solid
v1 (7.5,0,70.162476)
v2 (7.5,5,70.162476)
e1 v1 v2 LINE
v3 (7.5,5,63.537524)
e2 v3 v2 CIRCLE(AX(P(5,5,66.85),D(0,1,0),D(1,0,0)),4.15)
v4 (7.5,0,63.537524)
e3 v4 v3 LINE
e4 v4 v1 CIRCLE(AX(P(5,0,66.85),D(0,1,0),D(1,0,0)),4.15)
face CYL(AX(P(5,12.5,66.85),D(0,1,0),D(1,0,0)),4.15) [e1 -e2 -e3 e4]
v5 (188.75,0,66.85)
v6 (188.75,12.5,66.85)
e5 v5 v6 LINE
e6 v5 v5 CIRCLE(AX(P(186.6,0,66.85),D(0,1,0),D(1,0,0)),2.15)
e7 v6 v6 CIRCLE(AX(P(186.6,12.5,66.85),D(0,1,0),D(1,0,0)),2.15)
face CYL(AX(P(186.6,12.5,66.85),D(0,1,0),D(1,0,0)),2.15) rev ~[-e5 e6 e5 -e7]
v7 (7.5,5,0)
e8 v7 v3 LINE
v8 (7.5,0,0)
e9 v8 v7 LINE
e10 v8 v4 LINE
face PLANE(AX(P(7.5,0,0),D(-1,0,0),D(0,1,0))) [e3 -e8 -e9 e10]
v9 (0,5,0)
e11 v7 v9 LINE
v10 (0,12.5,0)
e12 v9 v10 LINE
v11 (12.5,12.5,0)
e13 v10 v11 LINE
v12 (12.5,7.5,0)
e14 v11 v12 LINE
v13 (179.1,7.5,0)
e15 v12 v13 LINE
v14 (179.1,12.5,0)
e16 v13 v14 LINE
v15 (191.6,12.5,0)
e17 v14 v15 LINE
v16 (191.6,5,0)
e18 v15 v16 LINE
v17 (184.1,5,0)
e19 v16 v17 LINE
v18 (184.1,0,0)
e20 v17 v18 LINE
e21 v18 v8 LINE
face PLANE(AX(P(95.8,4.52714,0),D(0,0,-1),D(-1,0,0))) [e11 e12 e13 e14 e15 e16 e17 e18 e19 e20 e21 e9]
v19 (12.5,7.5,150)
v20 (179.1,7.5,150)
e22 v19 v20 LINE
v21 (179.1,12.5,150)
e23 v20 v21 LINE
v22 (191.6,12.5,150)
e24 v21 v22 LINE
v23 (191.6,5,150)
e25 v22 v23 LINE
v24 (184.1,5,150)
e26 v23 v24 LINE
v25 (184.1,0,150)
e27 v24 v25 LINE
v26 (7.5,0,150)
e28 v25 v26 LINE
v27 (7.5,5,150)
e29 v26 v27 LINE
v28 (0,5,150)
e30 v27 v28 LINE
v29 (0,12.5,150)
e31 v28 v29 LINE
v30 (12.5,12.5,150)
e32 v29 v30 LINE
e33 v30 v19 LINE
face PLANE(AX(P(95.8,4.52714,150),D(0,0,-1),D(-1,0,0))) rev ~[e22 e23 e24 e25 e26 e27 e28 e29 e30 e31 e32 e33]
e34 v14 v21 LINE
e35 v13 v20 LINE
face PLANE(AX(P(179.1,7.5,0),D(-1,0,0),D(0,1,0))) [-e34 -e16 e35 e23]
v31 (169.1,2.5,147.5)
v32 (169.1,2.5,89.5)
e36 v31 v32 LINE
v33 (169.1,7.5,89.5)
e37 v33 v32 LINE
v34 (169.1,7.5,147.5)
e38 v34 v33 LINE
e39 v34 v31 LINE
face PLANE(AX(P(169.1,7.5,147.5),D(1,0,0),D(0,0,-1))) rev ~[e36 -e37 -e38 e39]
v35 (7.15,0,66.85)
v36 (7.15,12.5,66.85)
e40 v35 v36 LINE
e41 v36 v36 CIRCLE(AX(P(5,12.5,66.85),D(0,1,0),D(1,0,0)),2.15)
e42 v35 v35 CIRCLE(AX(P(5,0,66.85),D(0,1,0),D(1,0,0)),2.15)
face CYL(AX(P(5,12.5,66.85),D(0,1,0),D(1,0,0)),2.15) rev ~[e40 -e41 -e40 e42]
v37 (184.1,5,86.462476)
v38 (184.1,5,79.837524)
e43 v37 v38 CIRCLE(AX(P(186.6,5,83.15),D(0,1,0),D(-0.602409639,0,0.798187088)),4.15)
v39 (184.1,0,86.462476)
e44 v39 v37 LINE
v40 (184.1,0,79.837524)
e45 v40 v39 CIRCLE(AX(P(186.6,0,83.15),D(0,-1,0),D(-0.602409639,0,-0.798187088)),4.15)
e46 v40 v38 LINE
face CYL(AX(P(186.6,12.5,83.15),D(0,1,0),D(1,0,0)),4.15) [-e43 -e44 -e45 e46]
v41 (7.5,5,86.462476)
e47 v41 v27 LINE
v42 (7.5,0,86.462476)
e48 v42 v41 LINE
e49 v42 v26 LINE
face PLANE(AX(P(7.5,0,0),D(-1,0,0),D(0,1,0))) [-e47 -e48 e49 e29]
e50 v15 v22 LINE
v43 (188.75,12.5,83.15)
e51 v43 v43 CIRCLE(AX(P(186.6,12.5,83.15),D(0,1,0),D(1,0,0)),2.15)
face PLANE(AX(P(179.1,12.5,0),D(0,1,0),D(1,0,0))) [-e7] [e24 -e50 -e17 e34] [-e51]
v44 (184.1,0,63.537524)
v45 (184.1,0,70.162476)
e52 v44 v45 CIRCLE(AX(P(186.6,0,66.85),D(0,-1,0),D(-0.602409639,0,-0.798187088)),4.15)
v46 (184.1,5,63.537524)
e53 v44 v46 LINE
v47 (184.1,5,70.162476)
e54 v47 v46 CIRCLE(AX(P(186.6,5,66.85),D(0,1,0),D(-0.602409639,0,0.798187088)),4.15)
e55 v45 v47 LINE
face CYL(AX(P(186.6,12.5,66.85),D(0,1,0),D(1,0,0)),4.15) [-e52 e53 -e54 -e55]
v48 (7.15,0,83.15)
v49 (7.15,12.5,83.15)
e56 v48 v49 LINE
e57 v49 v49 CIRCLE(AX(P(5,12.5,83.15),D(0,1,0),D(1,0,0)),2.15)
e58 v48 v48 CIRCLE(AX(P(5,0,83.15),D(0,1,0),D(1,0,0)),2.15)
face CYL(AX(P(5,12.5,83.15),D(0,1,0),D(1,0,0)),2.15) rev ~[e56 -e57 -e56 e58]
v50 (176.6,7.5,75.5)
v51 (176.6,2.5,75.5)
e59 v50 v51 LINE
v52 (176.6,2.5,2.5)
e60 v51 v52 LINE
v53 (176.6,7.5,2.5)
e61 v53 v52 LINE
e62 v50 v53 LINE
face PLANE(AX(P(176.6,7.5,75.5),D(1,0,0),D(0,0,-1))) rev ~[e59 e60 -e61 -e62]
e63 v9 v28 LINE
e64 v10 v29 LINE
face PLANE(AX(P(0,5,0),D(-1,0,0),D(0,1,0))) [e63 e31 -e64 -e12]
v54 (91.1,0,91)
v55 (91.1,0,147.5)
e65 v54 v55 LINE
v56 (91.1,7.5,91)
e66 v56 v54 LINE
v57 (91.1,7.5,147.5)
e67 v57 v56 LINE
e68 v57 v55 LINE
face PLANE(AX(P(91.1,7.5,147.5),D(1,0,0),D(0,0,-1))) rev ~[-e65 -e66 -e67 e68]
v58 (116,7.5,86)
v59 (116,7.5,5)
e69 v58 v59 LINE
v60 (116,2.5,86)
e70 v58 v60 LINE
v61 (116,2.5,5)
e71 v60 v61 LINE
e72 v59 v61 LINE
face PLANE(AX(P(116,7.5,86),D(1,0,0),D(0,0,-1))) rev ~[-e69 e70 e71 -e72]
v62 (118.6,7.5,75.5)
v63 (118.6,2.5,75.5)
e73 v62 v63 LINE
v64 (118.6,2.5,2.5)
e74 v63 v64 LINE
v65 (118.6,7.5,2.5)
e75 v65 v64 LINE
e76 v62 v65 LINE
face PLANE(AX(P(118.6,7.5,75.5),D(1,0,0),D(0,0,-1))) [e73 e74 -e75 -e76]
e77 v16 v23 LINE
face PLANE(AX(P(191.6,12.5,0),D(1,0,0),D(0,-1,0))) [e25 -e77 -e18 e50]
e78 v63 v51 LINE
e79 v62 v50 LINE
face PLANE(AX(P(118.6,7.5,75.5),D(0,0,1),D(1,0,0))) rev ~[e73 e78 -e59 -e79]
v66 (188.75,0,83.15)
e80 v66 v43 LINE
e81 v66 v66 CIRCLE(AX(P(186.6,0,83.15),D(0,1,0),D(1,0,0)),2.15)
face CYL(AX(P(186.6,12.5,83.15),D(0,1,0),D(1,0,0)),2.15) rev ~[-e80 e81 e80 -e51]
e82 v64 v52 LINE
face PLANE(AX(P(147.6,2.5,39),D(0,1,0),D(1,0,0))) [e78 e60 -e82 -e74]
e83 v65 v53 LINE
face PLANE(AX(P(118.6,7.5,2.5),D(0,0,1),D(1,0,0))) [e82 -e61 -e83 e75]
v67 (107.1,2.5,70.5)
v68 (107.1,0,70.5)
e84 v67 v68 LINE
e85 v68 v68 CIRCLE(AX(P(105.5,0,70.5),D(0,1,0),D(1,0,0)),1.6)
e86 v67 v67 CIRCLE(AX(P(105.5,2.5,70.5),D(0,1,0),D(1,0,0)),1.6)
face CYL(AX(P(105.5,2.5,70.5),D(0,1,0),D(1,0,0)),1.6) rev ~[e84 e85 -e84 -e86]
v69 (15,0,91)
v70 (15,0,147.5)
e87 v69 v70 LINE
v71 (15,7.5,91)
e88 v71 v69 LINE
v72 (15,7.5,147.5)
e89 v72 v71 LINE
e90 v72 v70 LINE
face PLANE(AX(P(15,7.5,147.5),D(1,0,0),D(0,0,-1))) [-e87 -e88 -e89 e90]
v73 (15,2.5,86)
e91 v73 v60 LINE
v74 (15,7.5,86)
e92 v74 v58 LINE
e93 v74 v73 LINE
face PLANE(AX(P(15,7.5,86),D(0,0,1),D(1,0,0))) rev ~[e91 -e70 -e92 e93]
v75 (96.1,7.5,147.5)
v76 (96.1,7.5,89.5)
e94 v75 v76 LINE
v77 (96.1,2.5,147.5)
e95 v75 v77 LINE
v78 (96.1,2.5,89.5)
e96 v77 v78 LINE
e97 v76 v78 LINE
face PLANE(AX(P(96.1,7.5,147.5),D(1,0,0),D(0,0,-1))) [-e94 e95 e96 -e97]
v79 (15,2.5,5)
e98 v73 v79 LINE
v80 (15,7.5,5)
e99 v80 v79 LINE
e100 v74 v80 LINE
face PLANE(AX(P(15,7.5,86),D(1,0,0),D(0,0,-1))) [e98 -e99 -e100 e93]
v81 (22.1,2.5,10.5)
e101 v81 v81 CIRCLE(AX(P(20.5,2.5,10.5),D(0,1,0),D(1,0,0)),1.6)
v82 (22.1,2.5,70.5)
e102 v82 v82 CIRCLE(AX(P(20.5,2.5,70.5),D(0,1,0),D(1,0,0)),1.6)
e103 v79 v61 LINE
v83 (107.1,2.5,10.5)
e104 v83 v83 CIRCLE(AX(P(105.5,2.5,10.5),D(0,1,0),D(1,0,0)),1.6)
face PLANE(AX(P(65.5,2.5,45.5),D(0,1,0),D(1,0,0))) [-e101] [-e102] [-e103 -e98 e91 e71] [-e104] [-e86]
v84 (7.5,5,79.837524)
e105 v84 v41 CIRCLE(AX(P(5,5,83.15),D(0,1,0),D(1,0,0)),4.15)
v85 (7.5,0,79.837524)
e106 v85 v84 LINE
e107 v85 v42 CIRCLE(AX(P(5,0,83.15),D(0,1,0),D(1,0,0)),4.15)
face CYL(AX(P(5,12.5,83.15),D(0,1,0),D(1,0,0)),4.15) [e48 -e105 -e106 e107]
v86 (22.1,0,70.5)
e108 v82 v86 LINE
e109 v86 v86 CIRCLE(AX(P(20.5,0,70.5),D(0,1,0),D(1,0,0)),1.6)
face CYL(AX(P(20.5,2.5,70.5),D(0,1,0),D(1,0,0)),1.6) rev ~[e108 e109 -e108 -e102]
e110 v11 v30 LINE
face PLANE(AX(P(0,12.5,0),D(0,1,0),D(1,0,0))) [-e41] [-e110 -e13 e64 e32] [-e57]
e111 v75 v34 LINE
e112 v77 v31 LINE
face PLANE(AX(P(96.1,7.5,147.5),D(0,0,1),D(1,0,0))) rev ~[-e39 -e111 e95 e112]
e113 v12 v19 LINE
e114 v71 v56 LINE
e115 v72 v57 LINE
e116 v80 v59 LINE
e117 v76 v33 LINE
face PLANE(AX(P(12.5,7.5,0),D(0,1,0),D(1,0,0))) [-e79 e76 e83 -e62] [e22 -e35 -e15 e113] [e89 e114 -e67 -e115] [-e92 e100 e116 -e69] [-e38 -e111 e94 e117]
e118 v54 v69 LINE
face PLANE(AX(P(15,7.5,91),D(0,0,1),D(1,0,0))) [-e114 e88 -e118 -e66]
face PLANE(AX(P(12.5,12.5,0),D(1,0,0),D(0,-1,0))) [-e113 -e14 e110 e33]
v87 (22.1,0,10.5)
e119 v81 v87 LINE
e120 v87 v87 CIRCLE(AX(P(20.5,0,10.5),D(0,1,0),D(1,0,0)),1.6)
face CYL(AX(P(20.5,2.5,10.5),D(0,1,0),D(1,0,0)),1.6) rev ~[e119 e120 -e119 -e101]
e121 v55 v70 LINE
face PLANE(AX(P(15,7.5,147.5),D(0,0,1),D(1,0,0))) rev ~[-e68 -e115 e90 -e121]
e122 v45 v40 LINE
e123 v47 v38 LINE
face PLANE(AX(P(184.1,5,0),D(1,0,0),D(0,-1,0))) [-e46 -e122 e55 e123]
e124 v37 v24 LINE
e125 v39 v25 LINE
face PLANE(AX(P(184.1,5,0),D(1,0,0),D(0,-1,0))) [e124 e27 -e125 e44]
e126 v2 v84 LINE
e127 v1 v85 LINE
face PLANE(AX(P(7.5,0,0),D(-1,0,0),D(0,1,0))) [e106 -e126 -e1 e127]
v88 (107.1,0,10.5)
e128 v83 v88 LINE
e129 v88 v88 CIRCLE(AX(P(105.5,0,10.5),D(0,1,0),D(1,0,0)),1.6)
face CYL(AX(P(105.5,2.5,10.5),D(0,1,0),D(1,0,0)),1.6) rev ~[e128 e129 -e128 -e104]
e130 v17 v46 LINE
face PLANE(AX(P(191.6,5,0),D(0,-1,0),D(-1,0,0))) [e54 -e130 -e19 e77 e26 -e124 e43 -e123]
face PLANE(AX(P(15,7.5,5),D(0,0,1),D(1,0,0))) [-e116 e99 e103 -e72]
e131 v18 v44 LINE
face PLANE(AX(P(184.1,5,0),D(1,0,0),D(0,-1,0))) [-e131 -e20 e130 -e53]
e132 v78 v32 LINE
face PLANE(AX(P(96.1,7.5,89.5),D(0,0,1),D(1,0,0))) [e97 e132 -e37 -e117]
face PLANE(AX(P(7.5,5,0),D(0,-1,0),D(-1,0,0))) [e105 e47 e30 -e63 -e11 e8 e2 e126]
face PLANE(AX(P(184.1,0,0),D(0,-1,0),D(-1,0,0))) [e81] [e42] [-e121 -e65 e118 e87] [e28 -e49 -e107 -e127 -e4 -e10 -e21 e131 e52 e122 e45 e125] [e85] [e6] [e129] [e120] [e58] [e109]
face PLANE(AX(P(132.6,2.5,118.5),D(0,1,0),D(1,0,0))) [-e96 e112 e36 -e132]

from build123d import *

# Parameters (mm, degrees)
PLATEFRAME_DEPTH          = 150
SKETCH3_R                 = 2.15
HOLESUPPORT_DEPTH         = 7.5
SKETCH4_R                 = 4.15
SKETCH4_R_2               = 2.15
CYLINDRICALSUPPORTS_DEPTH = 12.5
SKETCH5_W                 = 101
SKETCH5_H                 = 81
SKETCH5_W_2               = 58
SKETCH5_H_2               = 73
SKETCH5_W_3               = 73
SKETCH5_H_3               = 58
ITEMLAYOUT_DEPTH          = 5
SKETCH6_R                 = 1.6
JETSONBASEHOLES_DEPTH     = 2.5
SKETCH7_W                 = 76.1
SKETCH7_H                 = 56.5
OPENHOLE_DEPTH            = 8.5


with BuildPart() as part:
    # Sketch2 → PlateFrame (new body)
    with BuildSketch(Plane.XY):
        Polygon((179.1, 12.5), (191.6, 12.5), (191.6, 5), (184.1, 5), (184.1, 0), (7.5, 0), (7.5, 5), (0, 5), (0, 12.5), (12.5, 12.5), (12.5, 7.5), (179.1, 7.5), align=None)
    extrude(amount=PLATEFRAME_DEPTH)

    # Sketch3 → HoleSupport (cut)
    with BuildSketch(Plane(origin=(0, 12.5, 0), x_dir=(1, 0, 0), z_dir=(0, 1, 0))):
        with Locations((5, -66.85)):
            Circle(SKETCH3_R)
        with Locations((5, -83.15)):
            Circle(SKETCH3_R)
        with Locations((186.6, -66.85)):
            Circle(SKETCH3_R)
        with Locations((186.6, -83.15)):
            Circle(SKETCH3_R)
    extrude(amount=-HOLESUPPORT_DEPTH, mode=Mode.SUBTRACT)

    # Sketch4 → CylindricalSupports (add)
    with BuildSketch(Plane(origin=(0, 12.5, 0), x_dir=(1, 0, 0), z_dir=(0, 1, 0))):
        with Locations((186.6, -66.85)):
            Circle(SKETCH4_R)
        with Locations((186.6, -66.85)):
            Circle(SKETCH4_R_2, mode=Mode.SUBTRACT)
        with Locations((186.6, -83.15)):
            Circle(SKETCH4_R)
        with Locations((186.6, -83.15)):
            Circle(SKETCH4_R_2, mode=Mode.SUBTRACT)
        with Locations((5, -66.85)):
            Circle(SKETCH4_R)
        with Locations((5, -66.85)):
            Circle(SKETCH4_R_2, mode=Mode.SUBTRACT)
        with Locations((5, -83.15)):
            Circle(SKETCH4_R)
        with Locations((5, -83.15)):
            Circle(SKETCH4_R_2, mode=Mode.SUBTRACT)
    extrude(amount=-CYLINDRICALSUPPORTS_DEPTH)

    # Sketch5 → ItemLayout (cut)
    with BuildSketch(Plane(origin=(0, 7.5, 0), x_dir=(1, 0, 0), z_dir=(0, 1, 0))):
        with Locations((65.5, -45.5)):
            Rectangle(SKETCH5_W, SKETCH5_H)
        with Locations((147.6, -39)):
            Rectangle(SKETCH5_W_2, SKETCH5_H_2)
        with Locations((132.6, -118.5)):
            Rectangle(SKETCH5_W_3, SKETCH5_H_3)
    extrude(amount=-ITEMLAYOUT_DEPTH, mode=Mode.SUBTRACT)

    # Sketch6 → JetsonBaseHoles (cut)
    with BuildSketch(Plane(origin=(0, 2.5, 0), x_dir=(1, 0, 0), z_dir=(0, 1, 0))):
        with Locations((20.5, -10.5)):
            Circle(SKETCH6_R)
        with Locations((20.5, -70.5)):
            Circle(SKETCH6_R)
        with Locations((105.5, -70.5)):
            Circle(SKETCH6_R)
        with Locations((105.5, -10.5)):
            Circle(SKETCH6_R)
    extrude(amount=-JETSONBASEHOLES_DEPTH, mode=Mode.SUBTRACT)

    # Sketch7 → OpenHole (cut, through all)
    with BuildSketch(Plane(origin=(0, 7.5, 0), x_dir=(1, 0, 0), z_dir=(0, 1, 0))):
        with Locations((53.05, -119.25)):
            Rectangle(SKETCH7_W, SKETCH7_H)
    extrude(amount=-OPENHOLE_DEPTH, mode=Mode.SUBTRACT)


solid = part.part
